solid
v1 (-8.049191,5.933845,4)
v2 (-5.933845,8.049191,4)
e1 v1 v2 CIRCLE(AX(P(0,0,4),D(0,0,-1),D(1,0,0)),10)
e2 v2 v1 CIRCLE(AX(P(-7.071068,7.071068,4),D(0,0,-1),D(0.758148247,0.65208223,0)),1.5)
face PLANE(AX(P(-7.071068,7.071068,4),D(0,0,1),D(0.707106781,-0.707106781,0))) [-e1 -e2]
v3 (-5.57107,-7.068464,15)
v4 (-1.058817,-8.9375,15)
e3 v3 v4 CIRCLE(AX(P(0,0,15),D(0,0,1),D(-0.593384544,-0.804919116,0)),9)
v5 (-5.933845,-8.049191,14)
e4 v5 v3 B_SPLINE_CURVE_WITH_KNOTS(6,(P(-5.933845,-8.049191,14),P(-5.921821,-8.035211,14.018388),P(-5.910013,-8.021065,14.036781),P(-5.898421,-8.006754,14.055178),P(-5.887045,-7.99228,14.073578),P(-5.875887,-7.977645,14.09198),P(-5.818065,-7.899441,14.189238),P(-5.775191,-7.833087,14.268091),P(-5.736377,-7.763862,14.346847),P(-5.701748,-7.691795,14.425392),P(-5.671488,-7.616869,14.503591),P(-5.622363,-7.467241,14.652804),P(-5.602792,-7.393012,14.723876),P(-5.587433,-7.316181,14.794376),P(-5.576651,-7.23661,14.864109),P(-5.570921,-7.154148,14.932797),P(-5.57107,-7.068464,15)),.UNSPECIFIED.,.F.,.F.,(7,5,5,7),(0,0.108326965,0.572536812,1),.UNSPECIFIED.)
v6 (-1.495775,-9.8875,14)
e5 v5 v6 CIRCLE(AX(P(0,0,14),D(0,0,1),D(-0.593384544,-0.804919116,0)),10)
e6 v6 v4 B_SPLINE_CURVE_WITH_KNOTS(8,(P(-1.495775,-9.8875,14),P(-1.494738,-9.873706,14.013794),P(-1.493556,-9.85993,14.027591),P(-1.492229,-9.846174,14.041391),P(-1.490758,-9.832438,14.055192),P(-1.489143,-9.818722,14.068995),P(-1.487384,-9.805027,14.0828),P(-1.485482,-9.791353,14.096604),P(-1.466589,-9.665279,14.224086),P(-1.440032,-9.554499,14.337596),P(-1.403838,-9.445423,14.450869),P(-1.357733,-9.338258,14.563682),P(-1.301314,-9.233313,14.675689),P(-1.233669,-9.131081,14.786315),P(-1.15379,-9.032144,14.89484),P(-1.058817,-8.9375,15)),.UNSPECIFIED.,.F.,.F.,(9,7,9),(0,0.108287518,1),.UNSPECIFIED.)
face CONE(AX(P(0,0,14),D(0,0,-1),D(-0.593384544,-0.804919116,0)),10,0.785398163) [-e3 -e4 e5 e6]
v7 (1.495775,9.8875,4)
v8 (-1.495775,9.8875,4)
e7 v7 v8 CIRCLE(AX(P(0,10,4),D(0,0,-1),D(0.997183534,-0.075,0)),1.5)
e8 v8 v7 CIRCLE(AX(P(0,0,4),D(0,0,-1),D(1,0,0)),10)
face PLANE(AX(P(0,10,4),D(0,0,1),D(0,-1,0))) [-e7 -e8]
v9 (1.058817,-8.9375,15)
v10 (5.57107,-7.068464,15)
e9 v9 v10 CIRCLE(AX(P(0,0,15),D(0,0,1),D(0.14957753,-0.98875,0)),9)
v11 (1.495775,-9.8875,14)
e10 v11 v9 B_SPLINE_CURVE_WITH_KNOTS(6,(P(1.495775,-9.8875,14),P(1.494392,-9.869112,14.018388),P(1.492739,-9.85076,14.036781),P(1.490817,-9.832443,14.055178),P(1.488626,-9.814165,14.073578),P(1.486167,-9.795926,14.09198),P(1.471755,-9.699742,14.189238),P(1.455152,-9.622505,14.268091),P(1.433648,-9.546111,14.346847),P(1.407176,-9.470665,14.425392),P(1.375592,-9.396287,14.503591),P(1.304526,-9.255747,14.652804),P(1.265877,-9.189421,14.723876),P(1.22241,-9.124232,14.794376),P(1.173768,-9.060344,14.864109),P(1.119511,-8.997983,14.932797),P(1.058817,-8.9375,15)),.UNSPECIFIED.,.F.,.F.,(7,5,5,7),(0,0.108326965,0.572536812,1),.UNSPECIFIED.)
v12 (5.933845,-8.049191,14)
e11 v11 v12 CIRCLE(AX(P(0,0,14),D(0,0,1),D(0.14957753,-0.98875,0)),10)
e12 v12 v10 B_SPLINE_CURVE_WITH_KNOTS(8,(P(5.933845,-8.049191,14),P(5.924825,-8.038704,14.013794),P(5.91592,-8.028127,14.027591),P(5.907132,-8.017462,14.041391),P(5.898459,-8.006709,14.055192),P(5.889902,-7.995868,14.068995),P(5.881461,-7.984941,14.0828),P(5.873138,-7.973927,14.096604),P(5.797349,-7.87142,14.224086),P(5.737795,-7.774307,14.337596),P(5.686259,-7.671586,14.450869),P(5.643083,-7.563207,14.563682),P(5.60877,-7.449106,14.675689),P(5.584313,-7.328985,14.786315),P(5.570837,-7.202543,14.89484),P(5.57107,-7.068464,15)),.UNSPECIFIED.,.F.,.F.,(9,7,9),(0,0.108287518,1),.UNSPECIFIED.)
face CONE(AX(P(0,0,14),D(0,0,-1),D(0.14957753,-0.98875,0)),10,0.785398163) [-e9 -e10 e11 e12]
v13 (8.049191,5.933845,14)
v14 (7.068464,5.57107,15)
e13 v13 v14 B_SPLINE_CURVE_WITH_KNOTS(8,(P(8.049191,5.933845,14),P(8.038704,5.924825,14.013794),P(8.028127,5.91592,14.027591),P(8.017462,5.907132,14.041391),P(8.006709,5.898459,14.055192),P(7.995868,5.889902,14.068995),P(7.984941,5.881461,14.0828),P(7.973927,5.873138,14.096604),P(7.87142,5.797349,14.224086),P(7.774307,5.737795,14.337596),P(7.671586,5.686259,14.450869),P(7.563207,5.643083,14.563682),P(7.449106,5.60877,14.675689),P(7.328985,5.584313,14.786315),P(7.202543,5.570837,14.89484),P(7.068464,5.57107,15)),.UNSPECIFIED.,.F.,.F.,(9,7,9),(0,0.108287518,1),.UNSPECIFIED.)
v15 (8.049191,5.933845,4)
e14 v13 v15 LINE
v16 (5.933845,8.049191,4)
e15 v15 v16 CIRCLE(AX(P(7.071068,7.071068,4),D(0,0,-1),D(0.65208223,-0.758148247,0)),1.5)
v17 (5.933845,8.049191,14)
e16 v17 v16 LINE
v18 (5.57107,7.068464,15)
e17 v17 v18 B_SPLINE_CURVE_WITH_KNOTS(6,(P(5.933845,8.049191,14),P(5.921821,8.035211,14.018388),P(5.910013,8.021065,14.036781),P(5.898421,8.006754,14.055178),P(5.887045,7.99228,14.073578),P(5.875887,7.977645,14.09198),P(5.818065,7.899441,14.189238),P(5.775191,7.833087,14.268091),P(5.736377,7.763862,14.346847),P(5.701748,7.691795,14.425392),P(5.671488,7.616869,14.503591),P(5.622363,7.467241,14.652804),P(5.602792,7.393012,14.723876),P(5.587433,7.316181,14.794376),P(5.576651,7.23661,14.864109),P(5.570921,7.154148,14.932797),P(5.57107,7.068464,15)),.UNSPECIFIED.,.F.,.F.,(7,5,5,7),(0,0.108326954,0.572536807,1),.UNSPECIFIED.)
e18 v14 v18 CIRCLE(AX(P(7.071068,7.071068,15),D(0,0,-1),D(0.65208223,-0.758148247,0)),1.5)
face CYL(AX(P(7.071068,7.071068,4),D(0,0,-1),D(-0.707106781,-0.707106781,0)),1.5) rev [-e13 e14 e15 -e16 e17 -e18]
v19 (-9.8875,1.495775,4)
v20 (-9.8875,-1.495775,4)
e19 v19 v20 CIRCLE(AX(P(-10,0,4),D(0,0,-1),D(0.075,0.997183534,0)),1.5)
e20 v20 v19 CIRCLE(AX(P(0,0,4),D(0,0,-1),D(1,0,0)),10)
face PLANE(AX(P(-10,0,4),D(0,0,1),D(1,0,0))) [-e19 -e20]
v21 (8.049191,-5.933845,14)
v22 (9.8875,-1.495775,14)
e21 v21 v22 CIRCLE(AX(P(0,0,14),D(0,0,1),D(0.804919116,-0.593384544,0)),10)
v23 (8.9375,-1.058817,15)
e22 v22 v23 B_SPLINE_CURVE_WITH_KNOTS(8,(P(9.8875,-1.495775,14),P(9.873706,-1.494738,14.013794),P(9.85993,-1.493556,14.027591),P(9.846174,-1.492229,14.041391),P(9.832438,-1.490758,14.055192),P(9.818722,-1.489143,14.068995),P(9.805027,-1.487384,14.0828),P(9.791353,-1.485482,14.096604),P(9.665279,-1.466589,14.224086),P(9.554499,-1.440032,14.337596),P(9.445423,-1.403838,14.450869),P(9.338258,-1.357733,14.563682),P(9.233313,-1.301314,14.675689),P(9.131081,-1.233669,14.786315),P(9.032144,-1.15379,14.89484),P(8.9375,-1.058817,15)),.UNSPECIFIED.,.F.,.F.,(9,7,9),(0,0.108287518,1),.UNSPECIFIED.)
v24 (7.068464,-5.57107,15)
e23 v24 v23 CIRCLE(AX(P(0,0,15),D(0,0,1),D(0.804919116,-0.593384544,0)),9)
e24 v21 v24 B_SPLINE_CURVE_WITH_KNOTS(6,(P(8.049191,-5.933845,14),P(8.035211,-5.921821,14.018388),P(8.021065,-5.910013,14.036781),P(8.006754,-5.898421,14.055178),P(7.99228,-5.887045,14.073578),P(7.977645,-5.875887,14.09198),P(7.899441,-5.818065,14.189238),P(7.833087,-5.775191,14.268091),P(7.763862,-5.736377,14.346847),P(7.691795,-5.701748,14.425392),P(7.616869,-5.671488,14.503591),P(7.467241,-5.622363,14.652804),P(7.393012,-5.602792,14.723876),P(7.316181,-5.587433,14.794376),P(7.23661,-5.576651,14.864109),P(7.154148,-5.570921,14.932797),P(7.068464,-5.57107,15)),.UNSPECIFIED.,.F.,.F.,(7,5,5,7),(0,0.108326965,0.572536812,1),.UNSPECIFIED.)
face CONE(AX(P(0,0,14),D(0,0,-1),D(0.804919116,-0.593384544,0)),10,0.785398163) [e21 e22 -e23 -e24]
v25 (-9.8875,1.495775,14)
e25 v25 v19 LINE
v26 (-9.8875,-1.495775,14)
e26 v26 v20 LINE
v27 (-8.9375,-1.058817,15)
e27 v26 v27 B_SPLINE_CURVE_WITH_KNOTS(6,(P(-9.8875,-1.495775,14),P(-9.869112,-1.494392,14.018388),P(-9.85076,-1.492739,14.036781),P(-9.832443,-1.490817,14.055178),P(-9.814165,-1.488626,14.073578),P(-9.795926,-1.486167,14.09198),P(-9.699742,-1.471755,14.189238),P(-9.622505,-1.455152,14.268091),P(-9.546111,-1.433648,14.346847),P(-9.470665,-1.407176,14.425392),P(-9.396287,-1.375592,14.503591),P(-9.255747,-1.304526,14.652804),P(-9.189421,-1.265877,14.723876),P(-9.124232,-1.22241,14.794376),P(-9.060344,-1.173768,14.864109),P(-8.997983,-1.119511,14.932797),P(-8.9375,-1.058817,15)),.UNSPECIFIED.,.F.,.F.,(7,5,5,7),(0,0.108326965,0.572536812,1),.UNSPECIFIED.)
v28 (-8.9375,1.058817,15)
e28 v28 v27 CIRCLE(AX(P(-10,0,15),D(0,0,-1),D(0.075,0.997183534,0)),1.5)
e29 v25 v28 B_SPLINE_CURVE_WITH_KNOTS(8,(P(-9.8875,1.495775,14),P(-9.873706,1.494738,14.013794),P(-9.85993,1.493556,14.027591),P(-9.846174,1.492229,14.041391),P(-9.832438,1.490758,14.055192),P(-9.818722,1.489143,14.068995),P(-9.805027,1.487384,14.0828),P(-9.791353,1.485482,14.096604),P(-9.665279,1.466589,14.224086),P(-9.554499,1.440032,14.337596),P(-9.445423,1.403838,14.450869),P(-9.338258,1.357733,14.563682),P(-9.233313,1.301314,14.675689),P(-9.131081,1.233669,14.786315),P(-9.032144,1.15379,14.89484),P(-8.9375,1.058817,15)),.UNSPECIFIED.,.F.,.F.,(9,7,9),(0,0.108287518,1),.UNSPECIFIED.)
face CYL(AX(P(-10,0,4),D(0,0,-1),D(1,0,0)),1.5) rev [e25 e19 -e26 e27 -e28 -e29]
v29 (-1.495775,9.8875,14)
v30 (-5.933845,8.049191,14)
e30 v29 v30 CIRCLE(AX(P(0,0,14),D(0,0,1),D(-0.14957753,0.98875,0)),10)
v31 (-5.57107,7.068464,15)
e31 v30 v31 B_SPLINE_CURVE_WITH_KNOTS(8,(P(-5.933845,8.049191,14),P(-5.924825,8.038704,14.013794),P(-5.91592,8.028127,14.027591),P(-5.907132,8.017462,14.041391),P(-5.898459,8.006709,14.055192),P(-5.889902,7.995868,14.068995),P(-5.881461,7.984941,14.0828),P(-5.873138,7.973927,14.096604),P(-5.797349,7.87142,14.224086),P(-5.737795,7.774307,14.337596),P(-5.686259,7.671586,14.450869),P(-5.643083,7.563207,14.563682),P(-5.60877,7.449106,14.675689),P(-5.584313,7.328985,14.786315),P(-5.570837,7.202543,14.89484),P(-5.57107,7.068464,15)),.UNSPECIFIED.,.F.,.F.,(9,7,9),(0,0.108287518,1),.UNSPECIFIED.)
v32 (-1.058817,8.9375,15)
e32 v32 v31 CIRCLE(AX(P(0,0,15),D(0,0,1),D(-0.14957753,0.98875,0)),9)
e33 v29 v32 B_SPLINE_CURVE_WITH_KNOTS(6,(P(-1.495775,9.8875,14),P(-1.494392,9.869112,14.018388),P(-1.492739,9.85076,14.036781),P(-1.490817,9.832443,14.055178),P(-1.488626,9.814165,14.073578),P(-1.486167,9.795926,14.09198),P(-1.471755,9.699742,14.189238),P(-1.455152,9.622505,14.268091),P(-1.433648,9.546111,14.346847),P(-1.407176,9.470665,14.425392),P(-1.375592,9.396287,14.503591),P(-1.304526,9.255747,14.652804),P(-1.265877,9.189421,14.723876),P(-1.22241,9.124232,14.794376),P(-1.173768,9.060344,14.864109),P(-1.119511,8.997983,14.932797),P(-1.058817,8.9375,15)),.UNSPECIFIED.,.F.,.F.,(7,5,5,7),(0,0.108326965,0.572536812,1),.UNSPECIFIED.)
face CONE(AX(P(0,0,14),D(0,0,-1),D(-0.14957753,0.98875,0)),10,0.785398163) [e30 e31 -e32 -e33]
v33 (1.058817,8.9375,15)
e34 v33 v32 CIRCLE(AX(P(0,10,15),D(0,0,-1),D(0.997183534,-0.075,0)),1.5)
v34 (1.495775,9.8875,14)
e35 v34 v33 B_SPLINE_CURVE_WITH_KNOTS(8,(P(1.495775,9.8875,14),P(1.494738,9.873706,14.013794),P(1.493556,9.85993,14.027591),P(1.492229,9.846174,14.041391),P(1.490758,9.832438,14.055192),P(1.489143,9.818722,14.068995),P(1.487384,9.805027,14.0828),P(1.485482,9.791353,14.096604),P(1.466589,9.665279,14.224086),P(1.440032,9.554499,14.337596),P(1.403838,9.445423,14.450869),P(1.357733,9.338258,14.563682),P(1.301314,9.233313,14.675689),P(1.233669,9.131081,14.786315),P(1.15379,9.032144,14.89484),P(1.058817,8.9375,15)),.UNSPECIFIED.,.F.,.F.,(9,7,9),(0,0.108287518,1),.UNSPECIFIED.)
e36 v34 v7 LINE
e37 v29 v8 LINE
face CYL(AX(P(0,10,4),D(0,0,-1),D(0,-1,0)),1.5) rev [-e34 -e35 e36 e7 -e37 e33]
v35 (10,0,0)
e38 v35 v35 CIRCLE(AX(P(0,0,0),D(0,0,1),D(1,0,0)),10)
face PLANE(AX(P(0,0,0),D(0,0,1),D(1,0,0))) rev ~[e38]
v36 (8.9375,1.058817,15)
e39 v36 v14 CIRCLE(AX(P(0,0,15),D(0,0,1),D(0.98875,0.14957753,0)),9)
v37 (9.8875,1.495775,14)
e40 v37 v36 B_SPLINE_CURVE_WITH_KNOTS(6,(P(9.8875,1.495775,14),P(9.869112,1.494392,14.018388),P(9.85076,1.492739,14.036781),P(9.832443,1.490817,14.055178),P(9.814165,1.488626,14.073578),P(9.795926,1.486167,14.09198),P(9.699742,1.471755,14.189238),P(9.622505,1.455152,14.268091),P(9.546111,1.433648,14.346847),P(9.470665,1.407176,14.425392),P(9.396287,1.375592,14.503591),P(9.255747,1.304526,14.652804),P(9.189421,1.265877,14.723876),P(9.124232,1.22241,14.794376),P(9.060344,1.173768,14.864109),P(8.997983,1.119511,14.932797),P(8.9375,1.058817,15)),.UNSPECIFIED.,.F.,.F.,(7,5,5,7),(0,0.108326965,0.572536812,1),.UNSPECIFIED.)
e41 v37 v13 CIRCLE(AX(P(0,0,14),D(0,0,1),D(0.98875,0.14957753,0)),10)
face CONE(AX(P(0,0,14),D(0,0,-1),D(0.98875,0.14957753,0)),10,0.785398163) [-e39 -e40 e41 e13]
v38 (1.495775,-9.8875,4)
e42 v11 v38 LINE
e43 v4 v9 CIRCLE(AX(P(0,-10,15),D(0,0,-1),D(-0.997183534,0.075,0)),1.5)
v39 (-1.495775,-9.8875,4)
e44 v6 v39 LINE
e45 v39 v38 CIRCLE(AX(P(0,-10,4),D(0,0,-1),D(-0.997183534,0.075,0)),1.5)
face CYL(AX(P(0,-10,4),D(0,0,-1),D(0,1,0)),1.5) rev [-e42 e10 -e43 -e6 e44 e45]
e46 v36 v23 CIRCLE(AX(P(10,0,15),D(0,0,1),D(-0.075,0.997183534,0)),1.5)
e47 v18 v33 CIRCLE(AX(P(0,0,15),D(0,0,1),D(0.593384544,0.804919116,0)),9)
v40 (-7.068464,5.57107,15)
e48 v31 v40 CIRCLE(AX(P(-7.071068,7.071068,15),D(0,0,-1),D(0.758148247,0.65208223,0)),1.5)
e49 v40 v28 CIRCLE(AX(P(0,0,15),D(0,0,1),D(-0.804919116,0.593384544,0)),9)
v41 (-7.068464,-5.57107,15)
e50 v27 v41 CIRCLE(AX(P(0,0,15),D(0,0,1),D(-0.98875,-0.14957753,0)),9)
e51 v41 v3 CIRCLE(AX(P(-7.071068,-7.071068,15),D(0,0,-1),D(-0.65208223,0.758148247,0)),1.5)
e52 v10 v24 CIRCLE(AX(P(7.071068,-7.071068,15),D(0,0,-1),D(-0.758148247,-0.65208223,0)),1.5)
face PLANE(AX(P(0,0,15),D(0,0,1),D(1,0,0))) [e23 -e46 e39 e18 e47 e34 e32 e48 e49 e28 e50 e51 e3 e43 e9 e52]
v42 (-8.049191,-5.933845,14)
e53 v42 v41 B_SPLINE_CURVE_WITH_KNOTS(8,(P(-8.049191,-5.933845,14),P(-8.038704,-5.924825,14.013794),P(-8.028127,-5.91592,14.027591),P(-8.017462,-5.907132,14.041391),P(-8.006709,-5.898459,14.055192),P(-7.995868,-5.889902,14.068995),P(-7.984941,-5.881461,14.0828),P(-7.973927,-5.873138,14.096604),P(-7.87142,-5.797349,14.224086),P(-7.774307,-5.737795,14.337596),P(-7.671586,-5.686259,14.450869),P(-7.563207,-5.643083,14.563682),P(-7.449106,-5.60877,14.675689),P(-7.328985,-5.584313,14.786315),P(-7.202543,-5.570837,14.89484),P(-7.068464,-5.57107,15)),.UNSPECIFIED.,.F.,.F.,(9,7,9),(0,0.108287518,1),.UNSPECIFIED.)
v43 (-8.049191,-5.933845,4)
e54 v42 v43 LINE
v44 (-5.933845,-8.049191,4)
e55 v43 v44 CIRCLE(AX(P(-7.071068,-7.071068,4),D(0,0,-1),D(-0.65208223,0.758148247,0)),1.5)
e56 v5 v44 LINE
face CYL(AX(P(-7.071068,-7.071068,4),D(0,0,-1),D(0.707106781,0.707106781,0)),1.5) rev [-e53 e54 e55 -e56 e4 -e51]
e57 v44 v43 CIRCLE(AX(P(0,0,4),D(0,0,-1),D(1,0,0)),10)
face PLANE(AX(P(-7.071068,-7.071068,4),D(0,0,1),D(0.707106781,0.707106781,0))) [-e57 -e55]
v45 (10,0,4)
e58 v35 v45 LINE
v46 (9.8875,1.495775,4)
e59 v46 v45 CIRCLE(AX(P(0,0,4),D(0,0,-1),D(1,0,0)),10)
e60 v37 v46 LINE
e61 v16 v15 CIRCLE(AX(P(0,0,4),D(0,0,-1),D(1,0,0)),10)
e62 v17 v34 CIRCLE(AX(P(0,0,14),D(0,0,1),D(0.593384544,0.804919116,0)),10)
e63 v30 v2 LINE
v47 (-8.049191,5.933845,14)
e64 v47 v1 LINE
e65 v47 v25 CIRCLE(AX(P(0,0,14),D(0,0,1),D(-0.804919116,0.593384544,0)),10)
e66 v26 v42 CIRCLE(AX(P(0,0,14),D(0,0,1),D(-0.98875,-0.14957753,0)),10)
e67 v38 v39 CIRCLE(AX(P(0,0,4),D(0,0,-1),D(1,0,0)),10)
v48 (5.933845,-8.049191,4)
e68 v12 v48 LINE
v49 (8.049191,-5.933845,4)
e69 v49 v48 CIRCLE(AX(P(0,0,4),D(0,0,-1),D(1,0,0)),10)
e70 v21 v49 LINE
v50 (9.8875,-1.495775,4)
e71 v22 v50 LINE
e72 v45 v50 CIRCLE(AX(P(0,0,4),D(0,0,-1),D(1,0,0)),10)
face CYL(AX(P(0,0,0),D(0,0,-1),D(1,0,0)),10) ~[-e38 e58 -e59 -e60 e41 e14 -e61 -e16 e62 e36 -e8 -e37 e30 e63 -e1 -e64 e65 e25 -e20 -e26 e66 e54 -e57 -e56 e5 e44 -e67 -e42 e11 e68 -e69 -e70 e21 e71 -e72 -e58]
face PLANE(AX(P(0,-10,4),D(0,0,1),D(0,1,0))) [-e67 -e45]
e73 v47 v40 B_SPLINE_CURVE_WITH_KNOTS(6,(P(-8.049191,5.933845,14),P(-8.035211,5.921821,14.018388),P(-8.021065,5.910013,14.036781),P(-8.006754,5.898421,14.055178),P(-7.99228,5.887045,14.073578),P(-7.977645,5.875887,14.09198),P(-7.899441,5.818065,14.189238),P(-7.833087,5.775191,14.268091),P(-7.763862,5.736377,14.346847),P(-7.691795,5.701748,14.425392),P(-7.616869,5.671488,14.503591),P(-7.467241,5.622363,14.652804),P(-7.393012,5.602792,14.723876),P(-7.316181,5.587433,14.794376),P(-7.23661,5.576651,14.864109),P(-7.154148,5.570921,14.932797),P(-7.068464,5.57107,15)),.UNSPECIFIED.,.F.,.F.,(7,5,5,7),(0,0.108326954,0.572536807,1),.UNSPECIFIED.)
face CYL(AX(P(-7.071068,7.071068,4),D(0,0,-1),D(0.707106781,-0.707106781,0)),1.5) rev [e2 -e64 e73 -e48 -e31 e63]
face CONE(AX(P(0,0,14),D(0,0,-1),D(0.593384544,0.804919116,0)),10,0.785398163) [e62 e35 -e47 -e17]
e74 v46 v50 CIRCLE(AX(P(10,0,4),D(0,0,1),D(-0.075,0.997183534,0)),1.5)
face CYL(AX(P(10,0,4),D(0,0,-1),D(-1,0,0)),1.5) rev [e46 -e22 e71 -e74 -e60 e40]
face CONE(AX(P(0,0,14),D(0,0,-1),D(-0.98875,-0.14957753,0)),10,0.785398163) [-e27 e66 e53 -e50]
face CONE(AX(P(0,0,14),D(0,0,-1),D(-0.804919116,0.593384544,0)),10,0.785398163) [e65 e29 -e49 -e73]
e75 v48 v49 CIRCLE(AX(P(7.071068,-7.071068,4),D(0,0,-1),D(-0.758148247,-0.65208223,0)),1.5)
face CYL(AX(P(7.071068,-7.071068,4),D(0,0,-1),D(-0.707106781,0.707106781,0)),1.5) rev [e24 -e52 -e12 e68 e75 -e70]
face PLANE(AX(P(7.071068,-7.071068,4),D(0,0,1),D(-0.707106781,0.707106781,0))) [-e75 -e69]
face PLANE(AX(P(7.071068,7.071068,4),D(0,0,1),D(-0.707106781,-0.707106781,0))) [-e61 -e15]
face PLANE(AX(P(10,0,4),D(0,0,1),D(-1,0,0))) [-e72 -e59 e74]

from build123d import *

# Parameters (mm, degrees)
CYLINDER001_R     = 1.5
CYLINDER001_DEPTH = 20
ARRAY_COUNT       = 8
CYLINDER_R        = 10
CYLINDER_DEPTH    = 15
CHAMFER_SIZE      = 1


with BuildPart() as array:
    # Cylinder001 → Cylinder001 (new body)
    with BuildSketch(Plane.XY.offset(4)):
        Circle(CYLINDER001_R)
    extrude(amount=CYLINDER001_DEPTH)

    # Array: Array ×8 about axis
    array_axis = Axis((10, 0, 0), (0, 0, 1))


with BuildPart() as array_1:
    add(array.part)
    for i in range(1, ARRAY_COUNT):
        add(array.part.rotate(array_axis, i * 360 / ARRAY_COUNT))


with BuildPart() as array_2:
    # Array placement: moved
    add(array_1.part.moved(Location((-10, 0, 0))))


with BuildPart() as chamfer_body:
    # Cylinder → Cylinder (new body)
    with BuildSketch(Plane.XY):
        Circle(CYLINDER_R)
    extrude(amount=CYLINDER_DEPTH)

    # Cut: cut Array
    add(array_2.part, mode=Mode.SUBTRACT)

    # Chamfer
    chamfer_edges = [chamfer_body.edges().sort_by_distance(p)[0] for p in [
        (9.238795, -3.826834, 15),
        (3.826834, -9.238795, 15),
        (-3.826834, -9.238795, 15),
        (-9.238795, -3.826834, 15),
        (-9.238795, 3.826834, 15),
        (-3.826834, 9.238795, 15),
        (3.826834, 9.238795, 15),
        (9.238795, 3.826834, 15),
    ]]
    chamfer(chamfer_edges, length=CHAMFER_SIZE)


solid = chamfer_body.part
